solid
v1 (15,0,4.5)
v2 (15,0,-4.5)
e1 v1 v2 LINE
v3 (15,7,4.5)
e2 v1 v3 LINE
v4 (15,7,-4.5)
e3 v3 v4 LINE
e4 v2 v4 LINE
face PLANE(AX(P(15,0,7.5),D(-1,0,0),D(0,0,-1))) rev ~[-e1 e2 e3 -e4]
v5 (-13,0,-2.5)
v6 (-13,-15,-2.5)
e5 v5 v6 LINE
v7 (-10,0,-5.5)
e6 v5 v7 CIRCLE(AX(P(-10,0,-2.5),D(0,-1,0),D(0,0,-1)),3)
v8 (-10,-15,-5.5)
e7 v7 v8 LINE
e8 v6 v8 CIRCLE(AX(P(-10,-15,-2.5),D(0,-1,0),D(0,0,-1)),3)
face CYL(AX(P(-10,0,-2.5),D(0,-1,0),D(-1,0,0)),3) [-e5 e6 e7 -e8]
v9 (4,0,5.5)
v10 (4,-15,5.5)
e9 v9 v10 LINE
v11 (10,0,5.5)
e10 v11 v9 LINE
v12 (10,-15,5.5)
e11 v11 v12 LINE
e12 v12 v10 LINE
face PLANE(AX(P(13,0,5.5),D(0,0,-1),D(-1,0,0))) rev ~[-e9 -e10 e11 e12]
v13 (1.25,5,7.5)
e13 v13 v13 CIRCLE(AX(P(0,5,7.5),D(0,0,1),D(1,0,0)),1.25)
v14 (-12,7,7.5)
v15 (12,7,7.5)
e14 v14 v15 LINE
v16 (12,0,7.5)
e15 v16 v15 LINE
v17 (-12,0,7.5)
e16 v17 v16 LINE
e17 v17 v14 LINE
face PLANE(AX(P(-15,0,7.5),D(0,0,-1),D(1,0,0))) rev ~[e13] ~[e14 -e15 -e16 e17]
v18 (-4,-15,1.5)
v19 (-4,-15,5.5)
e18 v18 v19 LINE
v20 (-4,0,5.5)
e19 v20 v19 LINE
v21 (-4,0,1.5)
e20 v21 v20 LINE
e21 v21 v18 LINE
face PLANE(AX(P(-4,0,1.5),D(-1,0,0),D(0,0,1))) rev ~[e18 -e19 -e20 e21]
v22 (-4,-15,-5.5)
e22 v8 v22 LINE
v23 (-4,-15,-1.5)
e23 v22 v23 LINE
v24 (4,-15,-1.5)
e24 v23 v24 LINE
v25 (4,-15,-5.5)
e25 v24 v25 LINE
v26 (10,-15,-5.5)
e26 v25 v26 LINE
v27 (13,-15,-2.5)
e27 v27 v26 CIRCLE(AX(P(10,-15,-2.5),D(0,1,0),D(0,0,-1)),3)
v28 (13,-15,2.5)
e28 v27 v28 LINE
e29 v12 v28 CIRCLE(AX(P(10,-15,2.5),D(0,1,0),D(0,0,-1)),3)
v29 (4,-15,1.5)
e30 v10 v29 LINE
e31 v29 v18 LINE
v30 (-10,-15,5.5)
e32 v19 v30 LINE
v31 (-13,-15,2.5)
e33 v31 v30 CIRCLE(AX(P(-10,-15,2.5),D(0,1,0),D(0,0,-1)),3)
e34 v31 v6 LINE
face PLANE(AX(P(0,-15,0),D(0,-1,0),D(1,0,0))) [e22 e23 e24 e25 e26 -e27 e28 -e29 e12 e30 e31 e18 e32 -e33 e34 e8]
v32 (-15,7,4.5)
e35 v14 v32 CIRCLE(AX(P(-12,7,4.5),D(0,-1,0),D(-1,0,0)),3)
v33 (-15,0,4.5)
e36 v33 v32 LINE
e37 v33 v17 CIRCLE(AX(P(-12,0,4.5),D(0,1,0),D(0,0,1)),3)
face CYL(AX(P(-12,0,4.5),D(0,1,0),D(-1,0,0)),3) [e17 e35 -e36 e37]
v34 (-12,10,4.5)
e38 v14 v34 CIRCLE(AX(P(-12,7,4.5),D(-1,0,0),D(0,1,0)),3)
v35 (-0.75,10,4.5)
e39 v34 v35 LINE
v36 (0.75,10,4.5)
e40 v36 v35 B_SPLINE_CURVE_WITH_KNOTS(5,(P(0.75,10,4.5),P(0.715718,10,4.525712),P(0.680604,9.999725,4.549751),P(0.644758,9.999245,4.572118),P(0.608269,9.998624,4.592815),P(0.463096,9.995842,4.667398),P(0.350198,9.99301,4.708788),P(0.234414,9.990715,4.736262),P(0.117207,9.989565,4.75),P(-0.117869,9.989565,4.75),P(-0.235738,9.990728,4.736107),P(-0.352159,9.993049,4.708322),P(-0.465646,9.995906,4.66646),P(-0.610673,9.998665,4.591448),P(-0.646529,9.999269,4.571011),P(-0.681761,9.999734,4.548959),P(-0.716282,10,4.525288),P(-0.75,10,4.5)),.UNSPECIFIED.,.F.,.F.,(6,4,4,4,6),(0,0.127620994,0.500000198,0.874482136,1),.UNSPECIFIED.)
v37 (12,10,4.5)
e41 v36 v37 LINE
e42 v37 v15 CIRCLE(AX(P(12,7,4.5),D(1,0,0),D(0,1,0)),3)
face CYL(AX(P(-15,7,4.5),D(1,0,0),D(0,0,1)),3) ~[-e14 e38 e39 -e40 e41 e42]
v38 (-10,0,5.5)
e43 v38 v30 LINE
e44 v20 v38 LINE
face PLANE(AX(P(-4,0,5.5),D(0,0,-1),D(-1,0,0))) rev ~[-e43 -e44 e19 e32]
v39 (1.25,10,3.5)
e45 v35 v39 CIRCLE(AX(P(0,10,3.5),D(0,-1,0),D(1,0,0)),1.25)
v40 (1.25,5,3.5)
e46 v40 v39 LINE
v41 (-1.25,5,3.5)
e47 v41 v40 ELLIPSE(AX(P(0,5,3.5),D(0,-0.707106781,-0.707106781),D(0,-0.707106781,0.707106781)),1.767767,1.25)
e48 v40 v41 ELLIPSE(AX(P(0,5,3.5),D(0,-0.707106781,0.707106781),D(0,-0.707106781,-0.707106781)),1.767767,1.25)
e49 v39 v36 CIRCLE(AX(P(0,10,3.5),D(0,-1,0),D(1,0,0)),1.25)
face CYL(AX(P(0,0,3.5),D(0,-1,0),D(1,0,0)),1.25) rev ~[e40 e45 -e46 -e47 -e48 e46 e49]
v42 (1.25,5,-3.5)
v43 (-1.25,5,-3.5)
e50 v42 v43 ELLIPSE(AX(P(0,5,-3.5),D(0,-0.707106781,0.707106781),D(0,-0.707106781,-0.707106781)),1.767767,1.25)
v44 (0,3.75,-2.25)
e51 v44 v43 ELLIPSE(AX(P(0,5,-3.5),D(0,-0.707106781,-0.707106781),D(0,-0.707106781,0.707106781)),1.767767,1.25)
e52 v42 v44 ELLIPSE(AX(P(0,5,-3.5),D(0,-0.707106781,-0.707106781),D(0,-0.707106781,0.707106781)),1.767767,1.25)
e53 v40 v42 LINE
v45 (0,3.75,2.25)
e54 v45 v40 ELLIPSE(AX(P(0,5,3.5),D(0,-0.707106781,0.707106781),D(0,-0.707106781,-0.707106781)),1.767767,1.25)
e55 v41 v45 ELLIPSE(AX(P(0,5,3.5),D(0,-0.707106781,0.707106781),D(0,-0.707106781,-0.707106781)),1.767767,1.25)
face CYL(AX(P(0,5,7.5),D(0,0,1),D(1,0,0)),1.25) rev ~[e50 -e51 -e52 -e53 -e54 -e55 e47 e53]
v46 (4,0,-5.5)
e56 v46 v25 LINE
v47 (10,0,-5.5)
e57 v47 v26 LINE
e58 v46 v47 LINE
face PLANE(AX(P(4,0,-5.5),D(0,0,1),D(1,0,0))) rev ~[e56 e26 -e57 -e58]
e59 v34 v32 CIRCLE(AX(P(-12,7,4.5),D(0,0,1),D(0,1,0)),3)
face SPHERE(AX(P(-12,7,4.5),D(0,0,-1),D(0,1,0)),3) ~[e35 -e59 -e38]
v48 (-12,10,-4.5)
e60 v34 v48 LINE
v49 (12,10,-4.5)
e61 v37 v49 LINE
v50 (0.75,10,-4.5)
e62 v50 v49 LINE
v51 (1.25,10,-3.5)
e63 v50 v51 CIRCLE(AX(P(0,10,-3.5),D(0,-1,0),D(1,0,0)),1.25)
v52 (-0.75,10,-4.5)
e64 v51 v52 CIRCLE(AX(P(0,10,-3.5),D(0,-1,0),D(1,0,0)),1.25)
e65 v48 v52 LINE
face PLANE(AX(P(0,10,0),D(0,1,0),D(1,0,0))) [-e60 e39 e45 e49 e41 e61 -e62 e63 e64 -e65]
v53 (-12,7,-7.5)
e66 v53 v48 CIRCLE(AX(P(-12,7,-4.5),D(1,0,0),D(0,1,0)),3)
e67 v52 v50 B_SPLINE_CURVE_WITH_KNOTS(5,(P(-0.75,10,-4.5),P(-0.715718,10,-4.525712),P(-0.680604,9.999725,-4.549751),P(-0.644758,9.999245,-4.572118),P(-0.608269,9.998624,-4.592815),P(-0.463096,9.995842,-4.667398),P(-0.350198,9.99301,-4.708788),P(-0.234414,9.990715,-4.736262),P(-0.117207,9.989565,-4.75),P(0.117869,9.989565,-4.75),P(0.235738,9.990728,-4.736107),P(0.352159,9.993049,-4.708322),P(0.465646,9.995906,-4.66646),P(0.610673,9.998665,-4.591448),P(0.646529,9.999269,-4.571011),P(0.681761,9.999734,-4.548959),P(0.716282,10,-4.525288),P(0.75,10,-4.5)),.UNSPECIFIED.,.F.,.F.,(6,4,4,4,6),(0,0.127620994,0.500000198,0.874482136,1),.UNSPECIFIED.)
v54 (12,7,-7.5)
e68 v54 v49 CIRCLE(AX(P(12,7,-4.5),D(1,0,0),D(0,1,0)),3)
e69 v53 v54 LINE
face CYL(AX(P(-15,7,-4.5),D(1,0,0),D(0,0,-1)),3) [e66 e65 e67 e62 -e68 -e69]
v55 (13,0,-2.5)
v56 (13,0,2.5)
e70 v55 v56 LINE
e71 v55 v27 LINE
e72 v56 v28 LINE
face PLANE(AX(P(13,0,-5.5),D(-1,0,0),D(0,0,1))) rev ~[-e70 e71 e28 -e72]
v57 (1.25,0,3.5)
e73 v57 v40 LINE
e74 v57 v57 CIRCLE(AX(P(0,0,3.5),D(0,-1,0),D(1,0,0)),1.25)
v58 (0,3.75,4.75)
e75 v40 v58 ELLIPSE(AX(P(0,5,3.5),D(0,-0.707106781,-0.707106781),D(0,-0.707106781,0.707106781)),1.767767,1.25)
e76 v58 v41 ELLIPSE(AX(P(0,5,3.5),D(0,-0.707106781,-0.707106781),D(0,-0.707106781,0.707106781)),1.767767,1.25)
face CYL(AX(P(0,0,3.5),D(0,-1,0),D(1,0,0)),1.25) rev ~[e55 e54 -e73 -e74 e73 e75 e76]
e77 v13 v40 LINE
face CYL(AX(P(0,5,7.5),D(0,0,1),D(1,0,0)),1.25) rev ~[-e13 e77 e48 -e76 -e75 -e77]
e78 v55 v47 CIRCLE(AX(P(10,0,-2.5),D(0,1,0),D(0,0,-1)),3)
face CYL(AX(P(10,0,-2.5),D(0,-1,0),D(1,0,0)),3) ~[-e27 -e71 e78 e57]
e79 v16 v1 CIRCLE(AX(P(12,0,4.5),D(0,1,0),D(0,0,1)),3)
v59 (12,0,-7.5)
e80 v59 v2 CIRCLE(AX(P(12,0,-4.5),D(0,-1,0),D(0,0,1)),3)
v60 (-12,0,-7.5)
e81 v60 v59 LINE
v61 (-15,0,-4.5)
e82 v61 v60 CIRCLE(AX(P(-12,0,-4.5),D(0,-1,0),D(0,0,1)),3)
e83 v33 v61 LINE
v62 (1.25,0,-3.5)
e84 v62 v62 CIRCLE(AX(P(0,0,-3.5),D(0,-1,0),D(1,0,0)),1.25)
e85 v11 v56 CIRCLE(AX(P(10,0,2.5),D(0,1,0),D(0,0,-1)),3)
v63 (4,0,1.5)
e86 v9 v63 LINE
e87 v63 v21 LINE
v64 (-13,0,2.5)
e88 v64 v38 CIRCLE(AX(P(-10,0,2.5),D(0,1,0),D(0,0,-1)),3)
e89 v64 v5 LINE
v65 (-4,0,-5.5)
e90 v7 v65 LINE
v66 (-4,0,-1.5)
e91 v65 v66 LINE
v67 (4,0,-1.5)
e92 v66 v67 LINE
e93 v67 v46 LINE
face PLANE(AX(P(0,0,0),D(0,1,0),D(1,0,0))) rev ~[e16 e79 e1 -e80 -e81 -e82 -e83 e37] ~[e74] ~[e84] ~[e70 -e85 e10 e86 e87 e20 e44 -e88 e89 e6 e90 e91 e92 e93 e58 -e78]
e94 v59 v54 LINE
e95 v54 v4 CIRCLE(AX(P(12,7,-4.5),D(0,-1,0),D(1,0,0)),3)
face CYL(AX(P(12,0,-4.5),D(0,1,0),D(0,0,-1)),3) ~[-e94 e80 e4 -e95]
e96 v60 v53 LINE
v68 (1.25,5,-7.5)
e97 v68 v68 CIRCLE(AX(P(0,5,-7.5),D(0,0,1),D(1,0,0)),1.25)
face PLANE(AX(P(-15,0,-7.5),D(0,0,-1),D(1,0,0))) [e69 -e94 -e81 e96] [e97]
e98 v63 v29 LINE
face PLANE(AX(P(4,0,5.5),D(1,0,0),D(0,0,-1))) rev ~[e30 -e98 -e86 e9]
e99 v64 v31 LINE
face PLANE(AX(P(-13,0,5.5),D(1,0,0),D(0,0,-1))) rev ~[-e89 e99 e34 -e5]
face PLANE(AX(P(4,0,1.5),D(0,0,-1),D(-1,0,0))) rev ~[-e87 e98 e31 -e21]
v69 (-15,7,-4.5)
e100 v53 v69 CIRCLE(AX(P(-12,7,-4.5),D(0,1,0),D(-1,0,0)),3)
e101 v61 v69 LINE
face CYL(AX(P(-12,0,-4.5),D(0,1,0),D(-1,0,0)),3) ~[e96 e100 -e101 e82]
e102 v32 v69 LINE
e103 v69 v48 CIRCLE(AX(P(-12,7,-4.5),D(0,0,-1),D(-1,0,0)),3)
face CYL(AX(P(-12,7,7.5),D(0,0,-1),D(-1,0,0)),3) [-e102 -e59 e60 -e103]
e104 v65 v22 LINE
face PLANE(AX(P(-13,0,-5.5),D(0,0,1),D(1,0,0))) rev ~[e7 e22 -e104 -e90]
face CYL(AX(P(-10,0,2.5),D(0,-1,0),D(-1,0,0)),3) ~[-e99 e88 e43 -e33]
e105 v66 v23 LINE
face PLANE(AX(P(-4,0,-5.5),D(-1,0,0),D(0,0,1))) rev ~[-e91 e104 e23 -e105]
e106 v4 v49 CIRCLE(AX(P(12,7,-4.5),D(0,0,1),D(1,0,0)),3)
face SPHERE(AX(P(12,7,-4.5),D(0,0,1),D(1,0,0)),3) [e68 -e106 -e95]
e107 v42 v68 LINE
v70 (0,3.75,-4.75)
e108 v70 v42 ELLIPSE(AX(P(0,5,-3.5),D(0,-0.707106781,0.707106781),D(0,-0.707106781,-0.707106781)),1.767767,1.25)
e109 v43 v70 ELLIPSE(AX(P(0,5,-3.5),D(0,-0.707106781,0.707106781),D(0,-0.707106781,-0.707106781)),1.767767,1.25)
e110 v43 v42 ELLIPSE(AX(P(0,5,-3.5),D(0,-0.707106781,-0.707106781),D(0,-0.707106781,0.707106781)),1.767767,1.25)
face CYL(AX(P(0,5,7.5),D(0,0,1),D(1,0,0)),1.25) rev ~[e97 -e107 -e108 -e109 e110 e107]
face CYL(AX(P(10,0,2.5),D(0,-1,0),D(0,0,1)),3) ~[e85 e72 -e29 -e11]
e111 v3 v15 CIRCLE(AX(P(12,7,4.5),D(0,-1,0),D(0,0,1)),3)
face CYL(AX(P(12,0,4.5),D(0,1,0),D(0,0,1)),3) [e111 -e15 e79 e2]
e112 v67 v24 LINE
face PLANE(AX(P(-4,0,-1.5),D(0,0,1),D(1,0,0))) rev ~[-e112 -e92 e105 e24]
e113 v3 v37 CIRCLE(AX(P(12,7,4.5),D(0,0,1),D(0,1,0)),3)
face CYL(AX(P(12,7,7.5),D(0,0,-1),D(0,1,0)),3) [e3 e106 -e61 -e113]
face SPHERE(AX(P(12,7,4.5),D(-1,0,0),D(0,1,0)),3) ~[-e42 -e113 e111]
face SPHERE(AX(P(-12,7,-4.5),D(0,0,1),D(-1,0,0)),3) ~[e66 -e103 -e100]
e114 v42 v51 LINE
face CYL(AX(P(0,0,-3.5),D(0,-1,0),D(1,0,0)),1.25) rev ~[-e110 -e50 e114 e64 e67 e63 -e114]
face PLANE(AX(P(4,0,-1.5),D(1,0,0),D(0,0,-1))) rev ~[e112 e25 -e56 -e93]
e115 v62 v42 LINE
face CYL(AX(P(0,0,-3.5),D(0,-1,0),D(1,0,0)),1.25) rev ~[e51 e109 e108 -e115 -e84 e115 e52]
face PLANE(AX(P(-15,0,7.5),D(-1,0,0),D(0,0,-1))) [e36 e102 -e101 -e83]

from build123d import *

# Parameters (mm, degrees)
SKETCH1_W           = 30
SKETCH1_H           = 15
BOSS_EXTRUDE1_DEPTH = 10
BOSS_EXTRUDE2_DEPTH = 15
FILLET1_R           = 3
SKETCH3_R           = 1.25
CUT_EXTRUDE1_DEPTH  = 11
SKETCH4_R           = 1.25
CUT_EXTRUDE2_DEPTH  = 16.0000001


with BuildPart() as part:
    # Sketch1 → Boss-Extrude1 (new body)
    with BuildSketch(Plane(origin=(0, 0, 0), x_dir=(1, 0, 0), z_dir=(0, 1, 0))):
        Rectangle(SKETCH1_W, SKETCH1_H)
    extrude(amount=BOSS_EXTRUDE1_DEPTH)

    # Sketch2 → Boss-Extrude2 (add)
    with BuildSketch(Plane.XZ):
        Polygon((-13, -5.5), (-4, -5.5), (-4, -1.5), (4, -1.5), (4, -5.5), (13, -5.5), (13, 5.5), (4, 5.5), (4, 1.5), (-4, 1.5), (-4, 5.5), (-13, 5.5), align=None)
    extrude(amount=BOSS_EXTRUDE2_DEPTH)

    # Fillet1
    fillet1_edges = [part.edges().sort_by_distance(p)[0] for p in [
        (-15, 10, 0),
        (0, 10, 7.5),
        (13, -7.5, 5.5),
        (-13, -7.5, 5.5),
        (-13, -7.5, -5.5),
        (13, -7.5, -5.5),
        (15, 10, 0),
        (15, 5, 7.5),
        (-15, 5, 7.5),
        (-15, 5, -7.5),
        (15, 5, -7.5),
        (0, 10, -7.5),
    ]]
    fillet(fillet1_edges, radius=FILLET1_R)

    # Sketch3 → Cut-Extrude1 (cut, through all)
    with BuildSketch(Plane.XZ):
        with Locations((0, 3.5)):
            Circle(SKETCH3_R)
        with Locations((0, -3.5)):
            Circle(SKETCH3_R)
    extrude(amount=-CUT_EXTRUDE1_DEPTH, mode=Mode.SUBTRACT)

    # Sketch4 → Cut-Extrude2 (cut, through all)
    with BuildSketch(Plane.XY.offset(7.5)):
        with Locations((0, 5)):
            Circle(SKETCH4_R)
    extrude(amount=-CUT_EXTRUDE2_DEPTH, mode=Mode.SUBTRACT)


solid = part.part
